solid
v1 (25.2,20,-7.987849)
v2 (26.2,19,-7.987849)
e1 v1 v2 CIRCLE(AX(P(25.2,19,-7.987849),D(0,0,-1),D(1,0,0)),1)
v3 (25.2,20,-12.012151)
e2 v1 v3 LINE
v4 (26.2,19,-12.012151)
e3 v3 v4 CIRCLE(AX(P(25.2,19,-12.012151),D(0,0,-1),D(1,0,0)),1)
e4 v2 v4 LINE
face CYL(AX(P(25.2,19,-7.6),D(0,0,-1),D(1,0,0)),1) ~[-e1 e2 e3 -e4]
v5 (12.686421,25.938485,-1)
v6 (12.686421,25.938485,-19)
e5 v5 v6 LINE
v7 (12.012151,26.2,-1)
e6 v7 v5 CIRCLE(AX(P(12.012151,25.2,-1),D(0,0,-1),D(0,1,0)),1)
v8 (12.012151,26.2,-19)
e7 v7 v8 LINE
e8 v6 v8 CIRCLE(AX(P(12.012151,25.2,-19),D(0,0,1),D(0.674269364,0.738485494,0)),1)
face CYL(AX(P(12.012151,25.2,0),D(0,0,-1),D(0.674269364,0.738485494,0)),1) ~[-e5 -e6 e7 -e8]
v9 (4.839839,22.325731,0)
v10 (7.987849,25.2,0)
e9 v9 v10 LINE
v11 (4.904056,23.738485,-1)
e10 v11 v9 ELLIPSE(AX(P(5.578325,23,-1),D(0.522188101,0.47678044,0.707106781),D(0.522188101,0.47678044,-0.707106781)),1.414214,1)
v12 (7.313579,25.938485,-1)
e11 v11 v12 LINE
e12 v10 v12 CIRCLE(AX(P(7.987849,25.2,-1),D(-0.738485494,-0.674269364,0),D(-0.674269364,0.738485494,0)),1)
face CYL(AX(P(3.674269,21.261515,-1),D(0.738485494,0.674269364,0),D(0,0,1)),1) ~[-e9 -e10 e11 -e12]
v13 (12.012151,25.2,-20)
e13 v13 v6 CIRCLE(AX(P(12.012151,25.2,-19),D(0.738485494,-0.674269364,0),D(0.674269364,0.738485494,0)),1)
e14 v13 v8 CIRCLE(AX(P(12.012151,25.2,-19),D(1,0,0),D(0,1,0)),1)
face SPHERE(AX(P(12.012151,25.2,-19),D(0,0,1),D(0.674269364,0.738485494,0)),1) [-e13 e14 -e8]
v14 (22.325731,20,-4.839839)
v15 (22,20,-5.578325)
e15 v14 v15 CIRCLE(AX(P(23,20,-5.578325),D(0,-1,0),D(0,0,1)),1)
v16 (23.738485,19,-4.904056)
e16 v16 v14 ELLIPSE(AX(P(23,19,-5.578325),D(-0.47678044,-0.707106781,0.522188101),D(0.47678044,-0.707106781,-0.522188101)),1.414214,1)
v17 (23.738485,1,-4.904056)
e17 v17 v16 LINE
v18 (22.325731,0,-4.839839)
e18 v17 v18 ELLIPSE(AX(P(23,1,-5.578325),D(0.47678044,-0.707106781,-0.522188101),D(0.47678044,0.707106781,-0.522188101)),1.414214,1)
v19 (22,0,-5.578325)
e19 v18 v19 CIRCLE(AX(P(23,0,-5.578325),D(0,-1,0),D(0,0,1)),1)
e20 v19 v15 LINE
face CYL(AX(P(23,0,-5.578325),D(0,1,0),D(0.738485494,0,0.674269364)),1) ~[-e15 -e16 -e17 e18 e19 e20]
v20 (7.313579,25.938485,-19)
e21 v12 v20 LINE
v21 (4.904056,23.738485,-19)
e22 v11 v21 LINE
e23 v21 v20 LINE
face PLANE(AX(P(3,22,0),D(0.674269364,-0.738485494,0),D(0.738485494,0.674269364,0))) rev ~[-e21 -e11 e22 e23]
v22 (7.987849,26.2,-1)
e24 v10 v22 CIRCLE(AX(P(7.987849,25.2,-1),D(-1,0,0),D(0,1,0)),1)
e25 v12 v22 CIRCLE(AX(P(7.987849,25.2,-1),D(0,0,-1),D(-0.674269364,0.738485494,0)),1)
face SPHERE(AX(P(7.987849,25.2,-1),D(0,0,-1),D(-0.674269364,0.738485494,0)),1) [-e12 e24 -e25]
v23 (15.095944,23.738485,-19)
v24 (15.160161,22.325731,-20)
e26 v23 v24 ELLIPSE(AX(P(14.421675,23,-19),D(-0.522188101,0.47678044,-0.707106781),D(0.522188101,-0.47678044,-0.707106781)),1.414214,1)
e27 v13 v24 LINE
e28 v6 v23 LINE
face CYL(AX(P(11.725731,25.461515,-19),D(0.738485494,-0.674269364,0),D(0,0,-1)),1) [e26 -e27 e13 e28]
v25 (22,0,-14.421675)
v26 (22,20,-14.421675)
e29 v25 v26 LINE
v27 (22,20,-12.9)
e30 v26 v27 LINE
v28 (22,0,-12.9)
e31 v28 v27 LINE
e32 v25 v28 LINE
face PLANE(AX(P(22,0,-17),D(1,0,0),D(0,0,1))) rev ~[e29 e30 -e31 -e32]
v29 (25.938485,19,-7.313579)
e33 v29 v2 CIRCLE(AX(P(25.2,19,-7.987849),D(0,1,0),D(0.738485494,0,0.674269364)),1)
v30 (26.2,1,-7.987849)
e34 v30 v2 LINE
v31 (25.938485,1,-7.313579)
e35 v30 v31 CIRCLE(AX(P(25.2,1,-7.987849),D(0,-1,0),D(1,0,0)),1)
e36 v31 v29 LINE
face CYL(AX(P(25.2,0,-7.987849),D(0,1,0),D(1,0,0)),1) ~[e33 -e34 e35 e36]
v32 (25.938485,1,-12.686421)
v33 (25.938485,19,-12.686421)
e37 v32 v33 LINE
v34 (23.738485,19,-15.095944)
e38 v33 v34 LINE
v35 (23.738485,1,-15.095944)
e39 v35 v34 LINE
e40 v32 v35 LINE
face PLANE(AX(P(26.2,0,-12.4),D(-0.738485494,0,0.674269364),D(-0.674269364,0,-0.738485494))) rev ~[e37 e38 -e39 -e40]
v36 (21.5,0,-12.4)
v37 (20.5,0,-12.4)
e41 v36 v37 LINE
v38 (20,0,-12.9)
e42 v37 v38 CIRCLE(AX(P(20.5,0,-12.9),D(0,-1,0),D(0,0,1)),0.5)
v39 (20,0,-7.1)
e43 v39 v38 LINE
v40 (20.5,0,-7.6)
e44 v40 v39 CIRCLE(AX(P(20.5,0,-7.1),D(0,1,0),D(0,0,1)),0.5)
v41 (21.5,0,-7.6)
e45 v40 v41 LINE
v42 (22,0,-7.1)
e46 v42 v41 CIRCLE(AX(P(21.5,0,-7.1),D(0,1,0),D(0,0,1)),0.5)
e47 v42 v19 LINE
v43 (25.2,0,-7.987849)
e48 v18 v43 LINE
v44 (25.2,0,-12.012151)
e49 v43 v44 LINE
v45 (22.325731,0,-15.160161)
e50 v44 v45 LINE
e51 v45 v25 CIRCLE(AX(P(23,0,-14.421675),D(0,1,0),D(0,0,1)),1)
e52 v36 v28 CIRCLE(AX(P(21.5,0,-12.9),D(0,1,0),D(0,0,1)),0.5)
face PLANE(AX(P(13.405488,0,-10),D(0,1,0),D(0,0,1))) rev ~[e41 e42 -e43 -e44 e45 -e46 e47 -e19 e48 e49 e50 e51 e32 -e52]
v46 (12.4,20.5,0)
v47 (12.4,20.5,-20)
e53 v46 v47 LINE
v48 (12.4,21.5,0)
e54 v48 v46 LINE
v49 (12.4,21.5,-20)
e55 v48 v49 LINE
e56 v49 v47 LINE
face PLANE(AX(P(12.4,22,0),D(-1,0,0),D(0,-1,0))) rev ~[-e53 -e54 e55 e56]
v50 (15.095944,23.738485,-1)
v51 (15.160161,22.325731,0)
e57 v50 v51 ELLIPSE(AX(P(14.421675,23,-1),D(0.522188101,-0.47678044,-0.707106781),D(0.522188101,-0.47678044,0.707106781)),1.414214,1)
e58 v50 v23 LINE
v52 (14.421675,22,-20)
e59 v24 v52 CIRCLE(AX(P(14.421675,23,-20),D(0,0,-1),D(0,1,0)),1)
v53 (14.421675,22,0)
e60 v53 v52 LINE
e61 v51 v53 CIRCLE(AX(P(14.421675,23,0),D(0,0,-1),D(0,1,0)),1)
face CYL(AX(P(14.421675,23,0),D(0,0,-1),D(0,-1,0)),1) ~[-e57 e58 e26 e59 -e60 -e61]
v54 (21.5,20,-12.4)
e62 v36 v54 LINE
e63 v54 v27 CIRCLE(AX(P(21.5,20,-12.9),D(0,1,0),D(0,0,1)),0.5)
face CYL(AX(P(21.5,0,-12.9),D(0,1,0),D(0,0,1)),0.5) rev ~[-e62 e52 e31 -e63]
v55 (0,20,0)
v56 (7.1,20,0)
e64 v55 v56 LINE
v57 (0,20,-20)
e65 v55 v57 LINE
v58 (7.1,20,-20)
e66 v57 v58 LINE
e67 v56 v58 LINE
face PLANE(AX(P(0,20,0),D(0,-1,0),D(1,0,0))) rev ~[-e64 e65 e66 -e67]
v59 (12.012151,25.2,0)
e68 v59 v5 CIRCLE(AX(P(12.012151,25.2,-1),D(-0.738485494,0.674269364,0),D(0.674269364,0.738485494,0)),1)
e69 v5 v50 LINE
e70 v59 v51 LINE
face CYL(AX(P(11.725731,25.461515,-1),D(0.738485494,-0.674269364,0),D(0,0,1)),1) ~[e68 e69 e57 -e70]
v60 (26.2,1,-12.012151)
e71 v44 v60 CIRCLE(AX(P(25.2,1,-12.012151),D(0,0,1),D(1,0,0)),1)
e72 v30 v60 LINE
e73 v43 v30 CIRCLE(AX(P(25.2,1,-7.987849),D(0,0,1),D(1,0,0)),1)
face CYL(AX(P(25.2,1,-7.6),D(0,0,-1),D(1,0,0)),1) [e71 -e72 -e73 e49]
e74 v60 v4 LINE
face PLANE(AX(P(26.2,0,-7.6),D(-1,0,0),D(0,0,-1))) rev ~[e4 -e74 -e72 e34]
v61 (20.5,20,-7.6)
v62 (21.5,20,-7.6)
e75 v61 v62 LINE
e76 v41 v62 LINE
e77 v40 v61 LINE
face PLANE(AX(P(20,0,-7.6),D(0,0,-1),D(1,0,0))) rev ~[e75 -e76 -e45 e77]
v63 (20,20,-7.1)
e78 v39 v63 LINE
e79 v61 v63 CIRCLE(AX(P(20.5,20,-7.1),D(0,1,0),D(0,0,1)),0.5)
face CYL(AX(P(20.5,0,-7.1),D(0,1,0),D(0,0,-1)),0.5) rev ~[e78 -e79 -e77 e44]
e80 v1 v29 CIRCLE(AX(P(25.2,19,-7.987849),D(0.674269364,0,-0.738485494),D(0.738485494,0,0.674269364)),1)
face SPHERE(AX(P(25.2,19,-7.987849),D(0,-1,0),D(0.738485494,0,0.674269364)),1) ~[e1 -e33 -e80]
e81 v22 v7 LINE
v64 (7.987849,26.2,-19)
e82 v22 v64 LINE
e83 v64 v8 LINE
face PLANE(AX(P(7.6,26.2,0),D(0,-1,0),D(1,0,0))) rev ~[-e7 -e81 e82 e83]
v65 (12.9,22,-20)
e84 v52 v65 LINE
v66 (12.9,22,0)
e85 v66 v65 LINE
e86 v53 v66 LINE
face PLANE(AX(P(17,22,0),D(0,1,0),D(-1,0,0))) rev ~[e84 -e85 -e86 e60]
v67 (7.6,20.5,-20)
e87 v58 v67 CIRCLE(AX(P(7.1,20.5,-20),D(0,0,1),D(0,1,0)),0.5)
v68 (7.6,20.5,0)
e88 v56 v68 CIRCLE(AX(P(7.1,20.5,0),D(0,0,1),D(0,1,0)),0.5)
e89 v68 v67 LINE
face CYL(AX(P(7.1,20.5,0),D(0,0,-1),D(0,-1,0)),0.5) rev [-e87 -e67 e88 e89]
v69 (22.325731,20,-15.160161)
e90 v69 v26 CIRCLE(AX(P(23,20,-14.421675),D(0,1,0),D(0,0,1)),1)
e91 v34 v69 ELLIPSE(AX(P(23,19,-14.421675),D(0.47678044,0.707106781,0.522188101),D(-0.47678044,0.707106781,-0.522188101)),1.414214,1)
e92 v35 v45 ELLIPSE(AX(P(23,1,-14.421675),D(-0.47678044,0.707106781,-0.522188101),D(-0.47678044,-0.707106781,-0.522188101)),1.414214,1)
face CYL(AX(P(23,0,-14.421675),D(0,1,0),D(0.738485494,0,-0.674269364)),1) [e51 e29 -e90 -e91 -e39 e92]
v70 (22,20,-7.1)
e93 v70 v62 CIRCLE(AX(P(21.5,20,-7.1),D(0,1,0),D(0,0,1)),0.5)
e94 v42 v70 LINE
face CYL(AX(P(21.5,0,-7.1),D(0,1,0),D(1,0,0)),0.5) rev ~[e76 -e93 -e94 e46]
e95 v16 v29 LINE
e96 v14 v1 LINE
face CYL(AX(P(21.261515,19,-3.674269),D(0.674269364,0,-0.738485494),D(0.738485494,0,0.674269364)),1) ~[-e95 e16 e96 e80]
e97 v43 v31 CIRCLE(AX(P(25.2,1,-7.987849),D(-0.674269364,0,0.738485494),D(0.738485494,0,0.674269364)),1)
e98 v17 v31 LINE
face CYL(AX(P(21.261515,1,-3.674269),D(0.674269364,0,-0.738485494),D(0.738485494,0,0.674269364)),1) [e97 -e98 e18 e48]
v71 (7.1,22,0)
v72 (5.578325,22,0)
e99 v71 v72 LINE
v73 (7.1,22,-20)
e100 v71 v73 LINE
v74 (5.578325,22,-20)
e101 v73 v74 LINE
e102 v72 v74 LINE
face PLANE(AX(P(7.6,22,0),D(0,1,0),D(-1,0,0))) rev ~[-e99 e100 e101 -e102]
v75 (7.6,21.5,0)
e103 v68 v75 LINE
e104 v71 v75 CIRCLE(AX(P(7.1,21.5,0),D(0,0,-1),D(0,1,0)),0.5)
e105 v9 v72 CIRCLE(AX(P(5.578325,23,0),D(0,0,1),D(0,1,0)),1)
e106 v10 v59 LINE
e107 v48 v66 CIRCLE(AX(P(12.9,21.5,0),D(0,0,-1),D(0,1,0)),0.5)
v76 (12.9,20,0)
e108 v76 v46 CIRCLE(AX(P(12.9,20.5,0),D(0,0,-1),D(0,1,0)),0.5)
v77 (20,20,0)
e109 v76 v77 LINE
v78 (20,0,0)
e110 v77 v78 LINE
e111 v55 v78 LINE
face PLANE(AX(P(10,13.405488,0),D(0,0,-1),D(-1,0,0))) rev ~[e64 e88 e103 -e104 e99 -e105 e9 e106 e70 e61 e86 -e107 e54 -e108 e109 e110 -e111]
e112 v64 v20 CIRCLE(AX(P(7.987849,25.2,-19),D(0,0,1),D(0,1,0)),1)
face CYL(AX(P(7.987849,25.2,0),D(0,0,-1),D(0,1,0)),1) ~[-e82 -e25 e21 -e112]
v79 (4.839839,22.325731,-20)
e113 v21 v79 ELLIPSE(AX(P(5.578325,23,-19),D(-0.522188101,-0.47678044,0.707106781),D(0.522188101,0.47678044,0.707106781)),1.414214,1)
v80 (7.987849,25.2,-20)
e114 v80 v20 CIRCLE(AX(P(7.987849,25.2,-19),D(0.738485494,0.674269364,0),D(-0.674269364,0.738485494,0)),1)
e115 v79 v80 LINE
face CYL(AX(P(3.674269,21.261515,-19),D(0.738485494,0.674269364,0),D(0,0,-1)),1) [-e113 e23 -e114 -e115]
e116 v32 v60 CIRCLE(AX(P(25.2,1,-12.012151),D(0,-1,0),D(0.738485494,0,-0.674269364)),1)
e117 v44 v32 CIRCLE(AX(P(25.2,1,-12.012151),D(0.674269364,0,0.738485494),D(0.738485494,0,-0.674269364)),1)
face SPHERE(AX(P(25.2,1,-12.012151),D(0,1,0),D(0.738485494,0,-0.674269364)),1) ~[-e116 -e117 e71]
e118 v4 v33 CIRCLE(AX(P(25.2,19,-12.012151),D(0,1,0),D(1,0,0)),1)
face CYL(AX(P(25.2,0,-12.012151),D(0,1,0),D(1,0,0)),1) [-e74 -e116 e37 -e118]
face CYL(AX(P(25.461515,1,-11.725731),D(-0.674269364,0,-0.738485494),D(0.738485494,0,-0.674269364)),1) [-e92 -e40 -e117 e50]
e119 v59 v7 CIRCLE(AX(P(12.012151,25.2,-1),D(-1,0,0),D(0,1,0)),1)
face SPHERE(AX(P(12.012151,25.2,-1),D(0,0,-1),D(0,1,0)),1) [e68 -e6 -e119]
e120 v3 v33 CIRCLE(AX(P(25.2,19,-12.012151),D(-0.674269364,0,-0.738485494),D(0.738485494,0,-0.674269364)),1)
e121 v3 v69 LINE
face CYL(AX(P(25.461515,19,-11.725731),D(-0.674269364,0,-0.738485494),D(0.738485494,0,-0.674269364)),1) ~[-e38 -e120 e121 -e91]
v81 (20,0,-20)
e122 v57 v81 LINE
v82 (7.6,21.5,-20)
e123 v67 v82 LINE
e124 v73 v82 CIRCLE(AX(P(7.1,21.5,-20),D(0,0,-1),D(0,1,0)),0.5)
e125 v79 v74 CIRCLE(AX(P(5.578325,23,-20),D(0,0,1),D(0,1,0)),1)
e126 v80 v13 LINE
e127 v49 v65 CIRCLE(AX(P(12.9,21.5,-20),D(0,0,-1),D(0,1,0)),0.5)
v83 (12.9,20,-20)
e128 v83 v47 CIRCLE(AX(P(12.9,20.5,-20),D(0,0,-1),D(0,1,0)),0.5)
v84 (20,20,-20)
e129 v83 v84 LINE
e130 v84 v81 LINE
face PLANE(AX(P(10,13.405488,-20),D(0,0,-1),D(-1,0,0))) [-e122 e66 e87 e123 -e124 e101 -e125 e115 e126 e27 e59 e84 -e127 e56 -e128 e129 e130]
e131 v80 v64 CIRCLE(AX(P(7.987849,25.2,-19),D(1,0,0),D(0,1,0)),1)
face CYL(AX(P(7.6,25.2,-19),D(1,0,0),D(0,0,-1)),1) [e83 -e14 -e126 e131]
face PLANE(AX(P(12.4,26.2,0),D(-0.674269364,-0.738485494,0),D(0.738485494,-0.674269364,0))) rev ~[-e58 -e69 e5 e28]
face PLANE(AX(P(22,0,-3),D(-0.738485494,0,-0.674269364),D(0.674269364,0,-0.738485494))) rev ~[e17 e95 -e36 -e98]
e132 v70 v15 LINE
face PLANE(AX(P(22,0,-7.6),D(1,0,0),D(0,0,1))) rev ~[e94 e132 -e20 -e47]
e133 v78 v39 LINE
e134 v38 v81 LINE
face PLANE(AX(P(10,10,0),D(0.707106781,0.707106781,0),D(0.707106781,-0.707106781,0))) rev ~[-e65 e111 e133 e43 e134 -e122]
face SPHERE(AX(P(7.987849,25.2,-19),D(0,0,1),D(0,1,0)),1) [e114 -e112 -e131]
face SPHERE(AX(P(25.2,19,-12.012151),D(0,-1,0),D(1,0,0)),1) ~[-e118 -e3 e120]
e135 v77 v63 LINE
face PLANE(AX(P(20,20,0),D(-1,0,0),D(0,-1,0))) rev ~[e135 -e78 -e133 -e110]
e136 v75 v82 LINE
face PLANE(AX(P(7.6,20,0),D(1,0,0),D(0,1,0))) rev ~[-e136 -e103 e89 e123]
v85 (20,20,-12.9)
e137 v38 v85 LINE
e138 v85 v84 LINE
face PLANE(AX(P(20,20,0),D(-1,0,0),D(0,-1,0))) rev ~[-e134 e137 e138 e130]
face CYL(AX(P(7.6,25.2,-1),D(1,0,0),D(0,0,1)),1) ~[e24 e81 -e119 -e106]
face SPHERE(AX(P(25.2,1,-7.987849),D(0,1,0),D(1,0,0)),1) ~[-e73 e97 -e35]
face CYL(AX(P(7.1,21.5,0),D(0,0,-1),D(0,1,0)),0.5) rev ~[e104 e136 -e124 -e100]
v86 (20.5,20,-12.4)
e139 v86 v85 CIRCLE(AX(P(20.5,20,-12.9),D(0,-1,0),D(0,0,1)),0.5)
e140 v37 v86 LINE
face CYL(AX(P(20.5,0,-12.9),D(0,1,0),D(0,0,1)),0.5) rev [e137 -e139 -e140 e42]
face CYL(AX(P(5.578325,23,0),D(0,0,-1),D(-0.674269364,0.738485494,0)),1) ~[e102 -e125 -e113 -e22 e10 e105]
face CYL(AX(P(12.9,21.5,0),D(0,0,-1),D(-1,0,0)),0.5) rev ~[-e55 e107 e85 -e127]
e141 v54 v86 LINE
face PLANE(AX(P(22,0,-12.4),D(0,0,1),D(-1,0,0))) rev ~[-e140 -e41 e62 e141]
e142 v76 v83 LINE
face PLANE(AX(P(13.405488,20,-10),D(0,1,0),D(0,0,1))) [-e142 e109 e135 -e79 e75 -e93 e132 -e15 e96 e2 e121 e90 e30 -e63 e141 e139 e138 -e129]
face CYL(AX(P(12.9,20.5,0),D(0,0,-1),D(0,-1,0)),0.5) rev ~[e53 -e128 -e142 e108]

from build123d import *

# Parameters (mm, degrees)
BOSS_EXTRUDE1_DEPTH = 20
BOSS_EXTRUDE2_DEPTH = 20
FILLET3_R           = 1
FILLET4_R           = 0.5


with BuildPart() as part:
    # Sketch1 → Boss-Extrude1 (new body)
    with BuildSketch(Plane.XY):
        Polygon((7.6, 26.2), (12.4, 26.2), (17, 22), (12.4, 22), (12.4, 20), (20, 20), (20, 0), (0, 0), (0, 20), (7.6, 20), (7.6, 22), (3, 22), align=None)
    extrude(amount=-BOSS_EXTRUDE1_DEPTH)

    # Sketch2 → Boss-Extrude2 (add)
    with BuildSketch(Plane(origin=(0, 0, 0), x_dir=(0, 0, -1), z_dir=(0, -1, 0))):
        Polygon((7.6, 26.2), (12.4, 26.2), (17, 22), (12.4, 22), (12.4, 20), (20, 20), (20, 0), (0, 0), (0, 20), (7.6, 20), (7.6, 22), (3, 22), align=None)
    extrude(amount=-BOSS_EXTRUDE2_DEPTH)

    # SurfaceCut1
    split(bisect_by=Plane(origin=(10, 10, 0), x_dir=(0.7071067811865476, -0.7071067811865475, 0), z_dir=(0.7071067811865475, 0.7071067811865476, 0)), keep=Keep.TOP)

    # Fillet3
    fillet3_edges = [part.edges().sort_by_distance(p)[0] for p in [
        (5.3, 24.1, -20),
        (5.3, 24.1, 0),
        (10, 26.2, 0),
        (14.7, 24.1, 0),
        (17, 22, -10),
        (3, 22, -10),
        (7.6, 26.2, -10),
        (12.4, 26.2, -10),
        (24.1, 20, -14.7),
        (26.2, 10, -12.4),
        (22, 10, -17),
        (14.7, 24.1, -20),
        (24.1, 20, -5.3),
        (22, 10, -3),
        (26.2, 20, -10),
        (26.2, 10, -7.6),
        (24.1, 0, -14.7),
        (26.2, 0, -10),
        (24.1, 0, -5.3),
        (10, 26.2, -20),
    ]]
    fillet(fillet3_edges, radius=FILLET3_R)

    # Fillet4
    fillet4_edges = [part.edges().sort_by_distance(p)[0] for p in [
        (12.4, 22, -10),
        (12.4, 20, -10),
        (7.6, 20, -10),
        (7.6, 22, -10),
        (22, 10, -12.4),
        (20, 10, -12.4),
        (20, 10, -7.6),
        (22, 10, -7.6),
    ]]
    fillet(fillet4_edges, radius=FILLET4_R)


solid = part.part
